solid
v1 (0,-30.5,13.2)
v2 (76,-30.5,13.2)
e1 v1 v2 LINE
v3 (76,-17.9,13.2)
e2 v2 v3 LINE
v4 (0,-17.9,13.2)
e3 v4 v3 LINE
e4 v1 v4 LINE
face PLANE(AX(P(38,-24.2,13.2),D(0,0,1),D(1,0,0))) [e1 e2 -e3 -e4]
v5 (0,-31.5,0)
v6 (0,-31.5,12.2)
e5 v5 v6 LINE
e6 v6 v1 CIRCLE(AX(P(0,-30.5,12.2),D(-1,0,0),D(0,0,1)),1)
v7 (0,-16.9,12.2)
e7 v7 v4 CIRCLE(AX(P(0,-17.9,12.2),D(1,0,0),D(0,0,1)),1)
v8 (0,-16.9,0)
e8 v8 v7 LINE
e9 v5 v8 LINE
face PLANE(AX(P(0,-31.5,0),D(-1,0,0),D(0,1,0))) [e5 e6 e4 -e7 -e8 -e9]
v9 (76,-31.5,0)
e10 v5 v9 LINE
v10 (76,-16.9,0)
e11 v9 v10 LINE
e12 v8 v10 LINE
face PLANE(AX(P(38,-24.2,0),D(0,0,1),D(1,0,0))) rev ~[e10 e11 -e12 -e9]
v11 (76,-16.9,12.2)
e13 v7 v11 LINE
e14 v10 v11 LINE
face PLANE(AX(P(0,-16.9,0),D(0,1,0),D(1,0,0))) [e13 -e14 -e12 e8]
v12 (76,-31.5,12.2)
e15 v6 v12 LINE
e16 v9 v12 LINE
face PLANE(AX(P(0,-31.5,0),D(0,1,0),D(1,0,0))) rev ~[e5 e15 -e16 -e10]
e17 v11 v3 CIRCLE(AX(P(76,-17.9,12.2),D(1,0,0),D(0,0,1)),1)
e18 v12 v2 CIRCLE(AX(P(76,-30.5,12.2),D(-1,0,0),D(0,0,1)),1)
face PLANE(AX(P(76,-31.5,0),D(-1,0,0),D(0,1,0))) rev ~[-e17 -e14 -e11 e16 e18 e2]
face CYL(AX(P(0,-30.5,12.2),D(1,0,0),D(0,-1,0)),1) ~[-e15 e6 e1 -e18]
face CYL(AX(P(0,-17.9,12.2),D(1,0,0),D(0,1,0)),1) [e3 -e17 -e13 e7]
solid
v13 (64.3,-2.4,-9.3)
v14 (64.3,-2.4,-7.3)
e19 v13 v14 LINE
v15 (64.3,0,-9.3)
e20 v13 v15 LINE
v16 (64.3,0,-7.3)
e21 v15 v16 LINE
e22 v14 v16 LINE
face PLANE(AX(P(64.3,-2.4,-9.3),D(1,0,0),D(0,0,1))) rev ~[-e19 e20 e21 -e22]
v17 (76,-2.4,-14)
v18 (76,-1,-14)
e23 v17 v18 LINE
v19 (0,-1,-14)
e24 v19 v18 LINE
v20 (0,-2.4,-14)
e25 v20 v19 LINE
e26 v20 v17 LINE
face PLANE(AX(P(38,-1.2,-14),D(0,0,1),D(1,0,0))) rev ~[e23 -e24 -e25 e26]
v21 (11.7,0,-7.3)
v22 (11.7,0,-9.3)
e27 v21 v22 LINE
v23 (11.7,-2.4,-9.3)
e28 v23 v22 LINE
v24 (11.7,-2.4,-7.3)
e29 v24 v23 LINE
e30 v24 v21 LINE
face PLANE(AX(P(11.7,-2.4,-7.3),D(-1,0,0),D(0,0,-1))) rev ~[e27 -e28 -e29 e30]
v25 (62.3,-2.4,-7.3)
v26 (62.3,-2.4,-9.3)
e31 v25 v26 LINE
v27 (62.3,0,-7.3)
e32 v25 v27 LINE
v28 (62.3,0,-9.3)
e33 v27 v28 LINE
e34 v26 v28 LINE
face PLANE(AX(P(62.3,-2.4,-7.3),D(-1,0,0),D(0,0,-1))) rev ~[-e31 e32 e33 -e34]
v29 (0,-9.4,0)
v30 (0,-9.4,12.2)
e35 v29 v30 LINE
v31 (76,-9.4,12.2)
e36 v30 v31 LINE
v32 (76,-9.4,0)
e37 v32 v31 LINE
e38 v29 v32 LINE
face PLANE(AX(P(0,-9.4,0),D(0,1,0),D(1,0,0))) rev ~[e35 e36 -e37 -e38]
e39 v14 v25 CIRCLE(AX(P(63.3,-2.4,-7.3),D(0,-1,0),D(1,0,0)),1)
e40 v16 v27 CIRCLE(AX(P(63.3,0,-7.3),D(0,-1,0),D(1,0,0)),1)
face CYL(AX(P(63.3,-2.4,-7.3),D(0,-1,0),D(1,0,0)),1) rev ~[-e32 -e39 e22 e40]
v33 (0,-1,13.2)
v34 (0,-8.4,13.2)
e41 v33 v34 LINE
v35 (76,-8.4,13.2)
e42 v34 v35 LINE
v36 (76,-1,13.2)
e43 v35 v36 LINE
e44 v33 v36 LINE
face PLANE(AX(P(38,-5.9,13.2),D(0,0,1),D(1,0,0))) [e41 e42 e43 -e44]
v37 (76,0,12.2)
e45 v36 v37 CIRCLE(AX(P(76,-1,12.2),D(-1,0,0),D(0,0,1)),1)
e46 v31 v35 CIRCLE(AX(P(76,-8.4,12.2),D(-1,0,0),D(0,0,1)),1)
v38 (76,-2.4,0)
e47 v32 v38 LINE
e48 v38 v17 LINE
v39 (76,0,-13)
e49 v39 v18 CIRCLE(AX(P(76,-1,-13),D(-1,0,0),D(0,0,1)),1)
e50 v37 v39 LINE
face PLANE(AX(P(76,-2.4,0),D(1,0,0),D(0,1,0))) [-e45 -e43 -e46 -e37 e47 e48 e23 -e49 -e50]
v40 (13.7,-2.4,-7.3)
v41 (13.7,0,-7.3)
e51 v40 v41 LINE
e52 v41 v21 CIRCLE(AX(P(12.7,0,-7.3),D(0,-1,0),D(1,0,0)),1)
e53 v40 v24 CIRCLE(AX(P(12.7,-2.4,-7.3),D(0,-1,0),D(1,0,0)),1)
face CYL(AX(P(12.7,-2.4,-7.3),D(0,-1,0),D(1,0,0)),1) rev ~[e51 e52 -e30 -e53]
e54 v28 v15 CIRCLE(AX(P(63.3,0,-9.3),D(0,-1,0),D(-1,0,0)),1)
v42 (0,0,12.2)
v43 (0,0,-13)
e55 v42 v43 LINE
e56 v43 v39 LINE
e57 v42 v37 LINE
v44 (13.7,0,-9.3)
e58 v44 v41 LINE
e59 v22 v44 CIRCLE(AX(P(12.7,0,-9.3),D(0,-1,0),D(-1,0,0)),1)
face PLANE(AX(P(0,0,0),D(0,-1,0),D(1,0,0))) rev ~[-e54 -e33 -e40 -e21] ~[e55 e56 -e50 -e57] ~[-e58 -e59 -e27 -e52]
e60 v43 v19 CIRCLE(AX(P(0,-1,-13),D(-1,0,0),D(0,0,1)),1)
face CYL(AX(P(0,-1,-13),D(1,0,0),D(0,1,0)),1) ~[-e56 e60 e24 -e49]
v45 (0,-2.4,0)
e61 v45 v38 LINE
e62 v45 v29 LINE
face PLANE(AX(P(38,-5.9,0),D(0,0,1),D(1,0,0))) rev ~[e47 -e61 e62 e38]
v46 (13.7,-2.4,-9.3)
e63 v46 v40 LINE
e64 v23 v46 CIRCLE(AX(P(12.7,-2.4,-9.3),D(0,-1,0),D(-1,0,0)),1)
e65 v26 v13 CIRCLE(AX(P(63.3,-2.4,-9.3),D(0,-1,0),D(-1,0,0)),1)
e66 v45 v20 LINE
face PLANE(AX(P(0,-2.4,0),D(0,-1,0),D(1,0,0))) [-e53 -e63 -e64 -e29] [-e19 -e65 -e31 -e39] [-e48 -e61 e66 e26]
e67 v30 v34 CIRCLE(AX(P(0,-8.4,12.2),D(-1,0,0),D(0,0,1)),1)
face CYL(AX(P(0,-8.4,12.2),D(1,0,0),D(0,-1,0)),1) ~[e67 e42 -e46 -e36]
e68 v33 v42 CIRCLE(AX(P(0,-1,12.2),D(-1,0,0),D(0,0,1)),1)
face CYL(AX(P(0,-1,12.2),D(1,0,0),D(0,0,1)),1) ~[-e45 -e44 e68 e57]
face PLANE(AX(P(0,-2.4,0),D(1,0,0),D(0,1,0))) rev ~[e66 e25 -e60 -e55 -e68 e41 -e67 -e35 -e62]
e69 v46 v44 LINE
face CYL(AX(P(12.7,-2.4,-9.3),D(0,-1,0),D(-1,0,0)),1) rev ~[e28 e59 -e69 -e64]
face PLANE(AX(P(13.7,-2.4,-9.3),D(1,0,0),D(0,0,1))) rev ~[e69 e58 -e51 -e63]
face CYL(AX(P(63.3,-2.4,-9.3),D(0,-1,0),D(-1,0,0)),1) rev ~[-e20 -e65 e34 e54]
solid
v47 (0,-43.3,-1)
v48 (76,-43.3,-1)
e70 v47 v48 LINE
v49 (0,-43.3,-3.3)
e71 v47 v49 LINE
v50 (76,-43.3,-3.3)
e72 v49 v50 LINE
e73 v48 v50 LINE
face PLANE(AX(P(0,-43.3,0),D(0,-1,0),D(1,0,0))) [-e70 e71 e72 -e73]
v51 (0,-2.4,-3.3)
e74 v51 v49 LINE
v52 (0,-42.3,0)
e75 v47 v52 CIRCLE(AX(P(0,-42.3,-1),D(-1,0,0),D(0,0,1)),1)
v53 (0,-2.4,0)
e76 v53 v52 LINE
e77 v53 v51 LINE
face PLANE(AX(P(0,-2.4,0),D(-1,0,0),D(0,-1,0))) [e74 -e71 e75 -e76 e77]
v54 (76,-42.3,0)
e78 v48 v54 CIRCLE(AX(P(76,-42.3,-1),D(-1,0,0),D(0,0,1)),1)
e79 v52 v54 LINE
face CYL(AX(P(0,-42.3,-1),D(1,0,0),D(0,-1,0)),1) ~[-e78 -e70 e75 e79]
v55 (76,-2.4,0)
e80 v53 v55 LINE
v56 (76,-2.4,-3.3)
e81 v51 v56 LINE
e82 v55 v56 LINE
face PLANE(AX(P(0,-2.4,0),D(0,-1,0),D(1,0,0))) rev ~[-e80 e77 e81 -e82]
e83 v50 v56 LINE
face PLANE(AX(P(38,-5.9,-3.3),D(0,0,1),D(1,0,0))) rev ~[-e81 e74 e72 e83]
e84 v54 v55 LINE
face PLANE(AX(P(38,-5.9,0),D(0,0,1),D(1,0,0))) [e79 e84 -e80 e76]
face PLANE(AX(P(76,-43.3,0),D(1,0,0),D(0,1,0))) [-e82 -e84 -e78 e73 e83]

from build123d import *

# Parameters (mm, degrees)
F0_W     = 76
F0_H     = 7
F0_H_2   = 2.4
F1_DEPTH = 13.2
F0_H_3   = 14.6
F0_H_4   = 7.5
F0_H_5   = 11.8
F2_DEPTH = 3.3
F3_DEPTH = 14
F4_R     = 1
F4_2_R   = 1
F5_R     = 1
F6_R     = 1
F8_DEPTH = 2.401


with BuildPart() as f1:
    # F0 (on Top) → F1 (new body)
    with BuildSketch(Plane.XY):
        with Locations((38, -5.9)):
            Rectangle(F0_W, F0_H)
        with Locations((38, -1.2)):
            Rectangle(F0_W, F0_H_2)
    extrude(amount=F1_DEPTH)

    # F0 (on Top) → F3 (join)
    with BuildSketch(Plane.XY):
        with Locations((38, -1.2)):
            Rectangle(F0_W, F0_H_2)
    extrude(amount=-F3_DEPTH)

    # F4
    f4_edges = [f1.edges().sort_by_distance(p)[0] for p in [
        (38, 0, 13.2),
        (38, -9.4, 13.2),
    ]]
    fillet(f4_edges, radius=F4_R)

    # F5
    f5_edges = [f1.edges().sort_by_distance(p)[0] for p in [
        (38, 0, -14),
    ]]
    fillet(f5_edges, radius=F5_R)

    # F7 (on face) → F8 (cut, through all)
    with BuildSketch(Plane.XZ.offset(2.4)):
        with BuildLine():
            ThreePointArc((11.7, -9.3), (12.7, -10.3), (13.7, -9.3))
            Line((13.7, -9.3), (13.7, -7.3))
            ThreePointArc((13.7, -7.3), (12.7, -6.3), (11.7, -7.3))
            Line((11.7, -7.3), (11.7, -9.3))
        make_face()
        with BuildLine():
            ThreePointArc((62.3, -9.3), (63.3, -10.3), (64.3, -9.3))
            Line((64.3, -9.3), (64.3, -7.3))
            ThreePointArc((64.3, -7.3), (63.3, -6.3), (62.3, -7.3))
            Line((62.3, -7.3), (62.3, -9.3))
        make_face()
    extrude(amount=-F8_DEPTH, mode=Mode.SUBTRACT)


with BuildPart() as f1b:
    # F0 (on Top) → F1, piece 2 (new body)
    with BuildSketch(Plane.XY):
        with Locations((38, -24.2)):
            Rectangle(F0_W, F0_H_3)
    extrude(amount=F1_DEPTH)

    # F4#2
    f4_2_edges = [f1b.edges().sort_by_distance(p)[0] for p in [
        (38, -16.9, 13.2),
        (38, -31.5, 13.2),
    ]]
    fillet(f4_2_edges, radius=F4_2_R)


with BuildPart() as f2:
    # F0 (on Top) → F2 (new body)
    with BuildSketch(Plane.XY):
        with Locations((38, -5.9)):
            Rectangle(F0_W, F0_H)
        with Locations((38, -13.15)):
            Rectangle(F0_W, F0_H_4)
        with Locations((38, -24.2)):
            Rectangle(F0_W, F0_H_3)
        with Locations((38, -37.4)):
            Rectangle(F0_W, F0_H_5)
    extrude(amount=-F2_DEPTH)

    # F6
    f6_edges = [f2.edges().sort_by_distance(p)[0] for p in [
        (38, -43.3, 0),
    ]]
    fillet(f6_edges, radius=F6_R)


solid = Compound([f1.part, f1b.part, f2.part])
